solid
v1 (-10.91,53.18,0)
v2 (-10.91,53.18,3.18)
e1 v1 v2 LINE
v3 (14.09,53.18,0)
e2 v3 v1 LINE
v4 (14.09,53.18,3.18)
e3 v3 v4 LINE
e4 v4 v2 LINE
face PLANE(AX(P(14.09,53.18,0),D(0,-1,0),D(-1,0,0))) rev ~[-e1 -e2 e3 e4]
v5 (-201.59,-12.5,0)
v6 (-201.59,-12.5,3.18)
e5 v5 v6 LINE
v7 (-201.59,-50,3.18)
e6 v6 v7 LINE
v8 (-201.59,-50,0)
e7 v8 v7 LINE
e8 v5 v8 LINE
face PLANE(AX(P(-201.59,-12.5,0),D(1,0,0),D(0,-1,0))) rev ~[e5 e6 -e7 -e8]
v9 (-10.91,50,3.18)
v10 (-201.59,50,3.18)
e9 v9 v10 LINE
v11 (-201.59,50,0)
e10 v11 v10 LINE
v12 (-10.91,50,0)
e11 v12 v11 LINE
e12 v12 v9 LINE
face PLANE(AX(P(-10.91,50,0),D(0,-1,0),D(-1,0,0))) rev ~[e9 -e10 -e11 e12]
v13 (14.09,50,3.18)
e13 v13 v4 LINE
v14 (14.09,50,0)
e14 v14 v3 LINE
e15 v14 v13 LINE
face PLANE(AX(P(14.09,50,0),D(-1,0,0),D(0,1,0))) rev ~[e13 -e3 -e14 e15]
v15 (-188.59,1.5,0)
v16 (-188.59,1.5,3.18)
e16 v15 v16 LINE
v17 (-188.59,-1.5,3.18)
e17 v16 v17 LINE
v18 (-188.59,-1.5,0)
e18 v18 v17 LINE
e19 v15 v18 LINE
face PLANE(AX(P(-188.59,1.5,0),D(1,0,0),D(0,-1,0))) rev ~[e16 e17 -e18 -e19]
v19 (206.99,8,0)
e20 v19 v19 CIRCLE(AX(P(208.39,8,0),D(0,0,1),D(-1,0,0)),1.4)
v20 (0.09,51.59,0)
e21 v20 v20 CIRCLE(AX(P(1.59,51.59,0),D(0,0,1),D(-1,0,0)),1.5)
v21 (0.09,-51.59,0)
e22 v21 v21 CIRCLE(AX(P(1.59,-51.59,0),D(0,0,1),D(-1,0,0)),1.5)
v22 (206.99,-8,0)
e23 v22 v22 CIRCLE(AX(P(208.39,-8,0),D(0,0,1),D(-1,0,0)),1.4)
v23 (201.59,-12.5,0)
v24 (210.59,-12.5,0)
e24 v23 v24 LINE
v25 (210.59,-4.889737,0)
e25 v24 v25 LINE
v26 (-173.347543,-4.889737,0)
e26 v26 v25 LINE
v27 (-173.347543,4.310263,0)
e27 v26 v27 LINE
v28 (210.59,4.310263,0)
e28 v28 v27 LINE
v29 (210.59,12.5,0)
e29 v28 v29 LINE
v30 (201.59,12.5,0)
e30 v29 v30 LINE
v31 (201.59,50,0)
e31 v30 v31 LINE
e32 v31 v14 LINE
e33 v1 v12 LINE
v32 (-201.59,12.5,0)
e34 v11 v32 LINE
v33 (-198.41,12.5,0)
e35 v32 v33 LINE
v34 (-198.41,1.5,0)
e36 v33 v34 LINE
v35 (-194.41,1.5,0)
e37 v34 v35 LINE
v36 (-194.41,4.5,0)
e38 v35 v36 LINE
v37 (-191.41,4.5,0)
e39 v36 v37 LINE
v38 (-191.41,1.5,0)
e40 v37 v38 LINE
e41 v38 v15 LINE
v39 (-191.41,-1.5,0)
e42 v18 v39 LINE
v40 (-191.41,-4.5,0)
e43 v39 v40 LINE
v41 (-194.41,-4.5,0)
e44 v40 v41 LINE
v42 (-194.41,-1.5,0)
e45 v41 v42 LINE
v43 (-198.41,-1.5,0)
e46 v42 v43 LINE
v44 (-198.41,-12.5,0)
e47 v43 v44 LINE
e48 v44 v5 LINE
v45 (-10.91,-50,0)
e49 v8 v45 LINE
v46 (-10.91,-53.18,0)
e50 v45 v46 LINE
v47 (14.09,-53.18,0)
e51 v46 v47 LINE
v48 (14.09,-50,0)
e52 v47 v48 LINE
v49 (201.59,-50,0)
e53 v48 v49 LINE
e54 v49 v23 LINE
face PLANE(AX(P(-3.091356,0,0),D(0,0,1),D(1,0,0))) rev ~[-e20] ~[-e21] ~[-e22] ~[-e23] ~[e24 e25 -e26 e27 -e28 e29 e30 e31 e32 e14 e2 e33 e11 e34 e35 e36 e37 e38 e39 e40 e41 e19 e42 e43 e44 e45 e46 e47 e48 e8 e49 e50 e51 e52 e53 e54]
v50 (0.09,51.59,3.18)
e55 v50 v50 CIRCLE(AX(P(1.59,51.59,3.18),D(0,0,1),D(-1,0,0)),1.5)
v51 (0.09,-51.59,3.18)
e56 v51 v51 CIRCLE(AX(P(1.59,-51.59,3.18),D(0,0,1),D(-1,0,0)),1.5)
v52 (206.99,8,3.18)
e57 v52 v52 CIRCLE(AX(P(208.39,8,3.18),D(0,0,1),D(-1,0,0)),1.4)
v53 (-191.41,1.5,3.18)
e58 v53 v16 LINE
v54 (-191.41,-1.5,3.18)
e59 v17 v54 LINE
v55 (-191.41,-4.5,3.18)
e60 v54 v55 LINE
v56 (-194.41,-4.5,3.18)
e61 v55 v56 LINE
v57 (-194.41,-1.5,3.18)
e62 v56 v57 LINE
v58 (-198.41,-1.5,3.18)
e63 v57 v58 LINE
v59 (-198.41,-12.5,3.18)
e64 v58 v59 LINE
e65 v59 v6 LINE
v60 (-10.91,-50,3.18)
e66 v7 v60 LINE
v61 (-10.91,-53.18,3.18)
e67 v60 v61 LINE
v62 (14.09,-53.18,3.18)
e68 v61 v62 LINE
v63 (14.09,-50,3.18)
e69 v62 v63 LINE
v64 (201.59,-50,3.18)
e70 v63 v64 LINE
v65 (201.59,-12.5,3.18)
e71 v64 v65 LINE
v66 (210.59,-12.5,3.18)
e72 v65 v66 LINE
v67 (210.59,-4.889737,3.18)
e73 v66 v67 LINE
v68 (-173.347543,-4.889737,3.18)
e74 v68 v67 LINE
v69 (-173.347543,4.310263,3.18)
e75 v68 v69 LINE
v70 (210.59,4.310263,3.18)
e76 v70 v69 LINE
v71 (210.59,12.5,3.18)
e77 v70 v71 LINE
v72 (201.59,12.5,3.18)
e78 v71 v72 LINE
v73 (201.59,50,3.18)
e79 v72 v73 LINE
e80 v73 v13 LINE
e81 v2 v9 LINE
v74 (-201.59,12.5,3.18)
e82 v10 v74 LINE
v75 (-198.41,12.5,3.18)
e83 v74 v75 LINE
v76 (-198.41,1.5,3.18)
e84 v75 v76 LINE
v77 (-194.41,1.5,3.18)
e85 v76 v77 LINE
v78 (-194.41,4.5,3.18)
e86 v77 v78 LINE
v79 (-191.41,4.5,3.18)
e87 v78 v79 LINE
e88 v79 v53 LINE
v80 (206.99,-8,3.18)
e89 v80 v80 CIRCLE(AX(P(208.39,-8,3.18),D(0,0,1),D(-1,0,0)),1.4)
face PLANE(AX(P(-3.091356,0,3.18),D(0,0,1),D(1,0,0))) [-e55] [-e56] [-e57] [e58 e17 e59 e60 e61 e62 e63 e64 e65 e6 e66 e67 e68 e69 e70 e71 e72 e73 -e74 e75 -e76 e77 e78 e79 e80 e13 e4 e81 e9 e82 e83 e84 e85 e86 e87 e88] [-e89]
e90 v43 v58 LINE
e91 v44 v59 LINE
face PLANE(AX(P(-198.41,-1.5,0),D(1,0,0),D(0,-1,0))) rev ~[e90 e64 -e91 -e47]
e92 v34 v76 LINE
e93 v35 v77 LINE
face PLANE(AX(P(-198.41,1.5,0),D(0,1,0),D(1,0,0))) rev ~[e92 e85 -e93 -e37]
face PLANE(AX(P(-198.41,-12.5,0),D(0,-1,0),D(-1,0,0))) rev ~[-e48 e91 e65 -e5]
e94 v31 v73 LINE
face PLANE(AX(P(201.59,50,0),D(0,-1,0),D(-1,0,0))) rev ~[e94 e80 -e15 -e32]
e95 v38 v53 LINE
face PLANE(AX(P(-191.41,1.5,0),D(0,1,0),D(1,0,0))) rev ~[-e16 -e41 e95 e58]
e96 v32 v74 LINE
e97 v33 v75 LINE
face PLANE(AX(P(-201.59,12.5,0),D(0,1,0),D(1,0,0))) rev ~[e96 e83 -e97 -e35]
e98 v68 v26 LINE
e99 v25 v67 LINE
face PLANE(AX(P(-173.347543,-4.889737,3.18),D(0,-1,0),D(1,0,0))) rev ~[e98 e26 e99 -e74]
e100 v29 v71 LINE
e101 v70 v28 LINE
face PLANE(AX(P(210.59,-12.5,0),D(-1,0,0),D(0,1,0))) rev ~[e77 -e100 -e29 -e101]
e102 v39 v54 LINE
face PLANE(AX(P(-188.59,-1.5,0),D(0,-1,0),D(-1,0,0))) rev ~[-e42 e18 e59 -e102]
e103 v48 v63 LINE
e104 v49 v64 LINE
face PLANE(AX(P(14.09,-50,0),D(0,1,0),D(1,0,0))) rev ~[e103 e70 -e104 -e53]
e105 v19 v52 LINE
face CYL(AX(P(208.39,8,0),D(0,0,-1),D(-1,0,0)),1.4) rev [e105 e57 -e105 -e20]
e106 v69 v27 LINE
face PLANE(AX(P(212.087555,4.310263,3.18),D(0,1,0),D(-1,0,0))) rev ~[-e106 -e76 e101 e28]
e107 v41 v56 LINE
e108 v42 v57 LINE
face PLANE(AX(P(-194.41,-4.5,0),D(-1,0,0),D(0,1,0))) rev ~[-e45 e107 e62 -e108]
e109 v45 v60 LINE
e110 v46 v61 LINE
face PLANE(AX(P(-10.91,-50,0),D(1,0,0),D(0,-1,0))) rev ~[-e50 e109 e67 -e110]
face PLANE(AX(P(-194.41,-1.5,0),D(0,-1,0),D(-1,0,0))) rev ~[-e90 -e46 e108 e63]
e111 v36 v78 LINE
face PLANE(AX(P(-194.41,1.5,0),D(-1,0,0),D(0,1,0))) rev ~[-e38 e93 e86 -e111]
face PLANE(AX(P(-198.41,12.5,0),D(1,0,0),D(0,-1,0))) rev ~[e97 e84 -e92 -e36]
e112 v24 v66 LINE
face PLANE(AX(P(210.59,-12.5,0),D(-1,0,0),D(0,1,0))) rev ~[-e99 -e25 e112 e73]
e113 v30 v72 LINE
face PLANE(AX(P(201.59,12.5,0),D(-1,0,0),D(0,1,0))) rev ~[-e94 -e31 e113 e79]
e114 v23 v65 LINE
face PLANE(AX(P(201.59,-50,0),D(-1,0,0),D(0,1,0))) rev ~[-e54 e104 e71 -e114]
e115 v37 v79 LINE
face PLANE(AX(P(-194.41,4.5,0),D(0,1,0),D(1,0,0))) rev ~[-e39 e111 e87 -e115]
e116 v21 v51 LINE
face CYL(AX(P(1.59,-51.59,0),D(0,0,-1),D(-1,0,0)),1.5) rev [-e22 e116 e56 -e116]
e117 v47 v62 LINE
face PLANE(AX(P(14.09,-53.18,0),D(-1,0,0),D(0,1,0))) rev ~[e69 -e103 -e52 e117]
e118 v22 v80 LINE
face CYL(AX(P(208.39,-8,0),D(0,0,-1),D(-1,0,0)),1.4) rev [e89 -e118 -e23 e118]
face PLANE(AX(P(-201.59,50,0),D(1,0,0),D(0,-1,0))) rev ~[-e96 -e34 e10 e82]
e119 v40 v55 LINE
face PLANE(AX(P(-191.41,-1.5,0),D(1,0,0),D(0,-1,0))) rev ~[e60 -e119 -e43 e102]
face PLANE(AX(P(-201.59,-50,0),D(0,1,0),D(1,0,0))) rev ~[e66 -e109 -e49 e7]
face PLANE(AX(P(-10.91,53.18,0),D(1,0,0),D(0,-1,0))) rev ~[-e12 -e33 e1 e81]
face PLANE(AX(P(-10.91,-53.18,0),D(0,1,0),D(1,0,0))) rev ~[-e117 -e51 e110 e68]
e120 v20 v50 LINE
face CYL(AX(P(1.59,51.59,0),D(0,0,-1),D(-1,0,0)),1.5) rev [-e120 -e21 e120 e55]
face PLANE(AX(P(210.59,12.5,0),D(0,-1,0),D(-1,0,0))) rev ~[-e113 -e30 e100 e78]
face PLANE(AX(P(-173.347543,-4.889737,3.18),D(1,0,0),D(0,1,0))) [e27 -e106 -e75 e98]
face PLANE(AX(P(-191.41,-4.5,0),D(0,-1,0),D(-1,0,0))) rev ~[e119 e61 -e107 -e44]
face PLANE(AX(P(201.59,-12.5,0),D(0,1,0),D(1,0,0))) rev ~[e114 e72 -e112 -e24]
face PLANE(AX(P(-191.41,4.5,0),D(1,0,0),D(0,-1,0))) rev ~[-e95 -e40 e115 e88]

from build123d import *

# Parameters (mm, degrees)
SKETCH1_R           = 1.5
SKETCH1_R_2         = 1.4
BOSS_EXTRUDE1_DEPTH = 3.18
CUT_EXTRUDE1_DEPTH  = 10


with BuildPart() as part:
    # Sketch1 → Boss-Extrude1 (new body)
    with BuildSketch(Plane.XY):
        Polygon((-201.59, 50), (-201.59, 12.5), (-198.41, 12.5), (-198.41, 1.5), (-194.41, 1.5), (-194.41, 4.5), (-191.41, 4.5), (-191.41, 1.5), (-188.59, 1.5), (-188.59, -1.5), (-191.41, -1.5), (-191.41, -4.5), (-194.41, -4.5), (-194.41, -1.5), (-198.41, -1.5), (-198.41, -12.5), (-201.59, -12.5), (-201.59, -50), (-10.91, -50), (-10.91, -53.18), (14.09, -53.18), (14.09, -50), (201.59, -50), (201.59, -12.5), (210.59, -12.5), (210.59, 12.5), (201.59, 12.5), (201.59, 50), (14.09, 50), (14.09, 53.18), (-10.91, 53.18), (-10.91, 50), align=None)
        with Locations(Location((1.59, 51.59, 0), (0, 0, 180))):
            Circle(SKETCH1_R, mode=Mode.SUBTRACT)
        with Locations(Location((1.59, -51.59, 0), (0, 0, 180))):
            Circle(SKETCH1_R, mode=Mode.SUBTRACT)
        with Locations(Location((208.39, 8, 0), (0, 0, 180))):
            Circle(SKETCH1_R_2, mode=Mode.SUBTRACT)
        with Locations(Location((208.39, -8, 0), (0, 0, 180))):
            Circle(SKETCH1_R_2, mode=Mode.SUBTRACT)
    extrude(amount=BOSS_EXTRUDE1_DEPTH)

    # Sketch2 → Cut-Extrude1 (cut)
    with BuildSketch(Plane.XY.offset(3.18)):
        Polygon((-173.347543098, 4.310263234), (152.804450916, 4.310263234), (201.59, 4.310263234), (212.087554944, 4.310263234), (212.087554944, -4.889736766), (201.37, -4.889736766), (196.652456902, -4.889736766), (-173.347543098, -4.889736766), align=None)
    extrude(amount=-CUT_EXTRUDE1_DEPTH, mode=Mode.SUBTRACT)


solid = part.part
